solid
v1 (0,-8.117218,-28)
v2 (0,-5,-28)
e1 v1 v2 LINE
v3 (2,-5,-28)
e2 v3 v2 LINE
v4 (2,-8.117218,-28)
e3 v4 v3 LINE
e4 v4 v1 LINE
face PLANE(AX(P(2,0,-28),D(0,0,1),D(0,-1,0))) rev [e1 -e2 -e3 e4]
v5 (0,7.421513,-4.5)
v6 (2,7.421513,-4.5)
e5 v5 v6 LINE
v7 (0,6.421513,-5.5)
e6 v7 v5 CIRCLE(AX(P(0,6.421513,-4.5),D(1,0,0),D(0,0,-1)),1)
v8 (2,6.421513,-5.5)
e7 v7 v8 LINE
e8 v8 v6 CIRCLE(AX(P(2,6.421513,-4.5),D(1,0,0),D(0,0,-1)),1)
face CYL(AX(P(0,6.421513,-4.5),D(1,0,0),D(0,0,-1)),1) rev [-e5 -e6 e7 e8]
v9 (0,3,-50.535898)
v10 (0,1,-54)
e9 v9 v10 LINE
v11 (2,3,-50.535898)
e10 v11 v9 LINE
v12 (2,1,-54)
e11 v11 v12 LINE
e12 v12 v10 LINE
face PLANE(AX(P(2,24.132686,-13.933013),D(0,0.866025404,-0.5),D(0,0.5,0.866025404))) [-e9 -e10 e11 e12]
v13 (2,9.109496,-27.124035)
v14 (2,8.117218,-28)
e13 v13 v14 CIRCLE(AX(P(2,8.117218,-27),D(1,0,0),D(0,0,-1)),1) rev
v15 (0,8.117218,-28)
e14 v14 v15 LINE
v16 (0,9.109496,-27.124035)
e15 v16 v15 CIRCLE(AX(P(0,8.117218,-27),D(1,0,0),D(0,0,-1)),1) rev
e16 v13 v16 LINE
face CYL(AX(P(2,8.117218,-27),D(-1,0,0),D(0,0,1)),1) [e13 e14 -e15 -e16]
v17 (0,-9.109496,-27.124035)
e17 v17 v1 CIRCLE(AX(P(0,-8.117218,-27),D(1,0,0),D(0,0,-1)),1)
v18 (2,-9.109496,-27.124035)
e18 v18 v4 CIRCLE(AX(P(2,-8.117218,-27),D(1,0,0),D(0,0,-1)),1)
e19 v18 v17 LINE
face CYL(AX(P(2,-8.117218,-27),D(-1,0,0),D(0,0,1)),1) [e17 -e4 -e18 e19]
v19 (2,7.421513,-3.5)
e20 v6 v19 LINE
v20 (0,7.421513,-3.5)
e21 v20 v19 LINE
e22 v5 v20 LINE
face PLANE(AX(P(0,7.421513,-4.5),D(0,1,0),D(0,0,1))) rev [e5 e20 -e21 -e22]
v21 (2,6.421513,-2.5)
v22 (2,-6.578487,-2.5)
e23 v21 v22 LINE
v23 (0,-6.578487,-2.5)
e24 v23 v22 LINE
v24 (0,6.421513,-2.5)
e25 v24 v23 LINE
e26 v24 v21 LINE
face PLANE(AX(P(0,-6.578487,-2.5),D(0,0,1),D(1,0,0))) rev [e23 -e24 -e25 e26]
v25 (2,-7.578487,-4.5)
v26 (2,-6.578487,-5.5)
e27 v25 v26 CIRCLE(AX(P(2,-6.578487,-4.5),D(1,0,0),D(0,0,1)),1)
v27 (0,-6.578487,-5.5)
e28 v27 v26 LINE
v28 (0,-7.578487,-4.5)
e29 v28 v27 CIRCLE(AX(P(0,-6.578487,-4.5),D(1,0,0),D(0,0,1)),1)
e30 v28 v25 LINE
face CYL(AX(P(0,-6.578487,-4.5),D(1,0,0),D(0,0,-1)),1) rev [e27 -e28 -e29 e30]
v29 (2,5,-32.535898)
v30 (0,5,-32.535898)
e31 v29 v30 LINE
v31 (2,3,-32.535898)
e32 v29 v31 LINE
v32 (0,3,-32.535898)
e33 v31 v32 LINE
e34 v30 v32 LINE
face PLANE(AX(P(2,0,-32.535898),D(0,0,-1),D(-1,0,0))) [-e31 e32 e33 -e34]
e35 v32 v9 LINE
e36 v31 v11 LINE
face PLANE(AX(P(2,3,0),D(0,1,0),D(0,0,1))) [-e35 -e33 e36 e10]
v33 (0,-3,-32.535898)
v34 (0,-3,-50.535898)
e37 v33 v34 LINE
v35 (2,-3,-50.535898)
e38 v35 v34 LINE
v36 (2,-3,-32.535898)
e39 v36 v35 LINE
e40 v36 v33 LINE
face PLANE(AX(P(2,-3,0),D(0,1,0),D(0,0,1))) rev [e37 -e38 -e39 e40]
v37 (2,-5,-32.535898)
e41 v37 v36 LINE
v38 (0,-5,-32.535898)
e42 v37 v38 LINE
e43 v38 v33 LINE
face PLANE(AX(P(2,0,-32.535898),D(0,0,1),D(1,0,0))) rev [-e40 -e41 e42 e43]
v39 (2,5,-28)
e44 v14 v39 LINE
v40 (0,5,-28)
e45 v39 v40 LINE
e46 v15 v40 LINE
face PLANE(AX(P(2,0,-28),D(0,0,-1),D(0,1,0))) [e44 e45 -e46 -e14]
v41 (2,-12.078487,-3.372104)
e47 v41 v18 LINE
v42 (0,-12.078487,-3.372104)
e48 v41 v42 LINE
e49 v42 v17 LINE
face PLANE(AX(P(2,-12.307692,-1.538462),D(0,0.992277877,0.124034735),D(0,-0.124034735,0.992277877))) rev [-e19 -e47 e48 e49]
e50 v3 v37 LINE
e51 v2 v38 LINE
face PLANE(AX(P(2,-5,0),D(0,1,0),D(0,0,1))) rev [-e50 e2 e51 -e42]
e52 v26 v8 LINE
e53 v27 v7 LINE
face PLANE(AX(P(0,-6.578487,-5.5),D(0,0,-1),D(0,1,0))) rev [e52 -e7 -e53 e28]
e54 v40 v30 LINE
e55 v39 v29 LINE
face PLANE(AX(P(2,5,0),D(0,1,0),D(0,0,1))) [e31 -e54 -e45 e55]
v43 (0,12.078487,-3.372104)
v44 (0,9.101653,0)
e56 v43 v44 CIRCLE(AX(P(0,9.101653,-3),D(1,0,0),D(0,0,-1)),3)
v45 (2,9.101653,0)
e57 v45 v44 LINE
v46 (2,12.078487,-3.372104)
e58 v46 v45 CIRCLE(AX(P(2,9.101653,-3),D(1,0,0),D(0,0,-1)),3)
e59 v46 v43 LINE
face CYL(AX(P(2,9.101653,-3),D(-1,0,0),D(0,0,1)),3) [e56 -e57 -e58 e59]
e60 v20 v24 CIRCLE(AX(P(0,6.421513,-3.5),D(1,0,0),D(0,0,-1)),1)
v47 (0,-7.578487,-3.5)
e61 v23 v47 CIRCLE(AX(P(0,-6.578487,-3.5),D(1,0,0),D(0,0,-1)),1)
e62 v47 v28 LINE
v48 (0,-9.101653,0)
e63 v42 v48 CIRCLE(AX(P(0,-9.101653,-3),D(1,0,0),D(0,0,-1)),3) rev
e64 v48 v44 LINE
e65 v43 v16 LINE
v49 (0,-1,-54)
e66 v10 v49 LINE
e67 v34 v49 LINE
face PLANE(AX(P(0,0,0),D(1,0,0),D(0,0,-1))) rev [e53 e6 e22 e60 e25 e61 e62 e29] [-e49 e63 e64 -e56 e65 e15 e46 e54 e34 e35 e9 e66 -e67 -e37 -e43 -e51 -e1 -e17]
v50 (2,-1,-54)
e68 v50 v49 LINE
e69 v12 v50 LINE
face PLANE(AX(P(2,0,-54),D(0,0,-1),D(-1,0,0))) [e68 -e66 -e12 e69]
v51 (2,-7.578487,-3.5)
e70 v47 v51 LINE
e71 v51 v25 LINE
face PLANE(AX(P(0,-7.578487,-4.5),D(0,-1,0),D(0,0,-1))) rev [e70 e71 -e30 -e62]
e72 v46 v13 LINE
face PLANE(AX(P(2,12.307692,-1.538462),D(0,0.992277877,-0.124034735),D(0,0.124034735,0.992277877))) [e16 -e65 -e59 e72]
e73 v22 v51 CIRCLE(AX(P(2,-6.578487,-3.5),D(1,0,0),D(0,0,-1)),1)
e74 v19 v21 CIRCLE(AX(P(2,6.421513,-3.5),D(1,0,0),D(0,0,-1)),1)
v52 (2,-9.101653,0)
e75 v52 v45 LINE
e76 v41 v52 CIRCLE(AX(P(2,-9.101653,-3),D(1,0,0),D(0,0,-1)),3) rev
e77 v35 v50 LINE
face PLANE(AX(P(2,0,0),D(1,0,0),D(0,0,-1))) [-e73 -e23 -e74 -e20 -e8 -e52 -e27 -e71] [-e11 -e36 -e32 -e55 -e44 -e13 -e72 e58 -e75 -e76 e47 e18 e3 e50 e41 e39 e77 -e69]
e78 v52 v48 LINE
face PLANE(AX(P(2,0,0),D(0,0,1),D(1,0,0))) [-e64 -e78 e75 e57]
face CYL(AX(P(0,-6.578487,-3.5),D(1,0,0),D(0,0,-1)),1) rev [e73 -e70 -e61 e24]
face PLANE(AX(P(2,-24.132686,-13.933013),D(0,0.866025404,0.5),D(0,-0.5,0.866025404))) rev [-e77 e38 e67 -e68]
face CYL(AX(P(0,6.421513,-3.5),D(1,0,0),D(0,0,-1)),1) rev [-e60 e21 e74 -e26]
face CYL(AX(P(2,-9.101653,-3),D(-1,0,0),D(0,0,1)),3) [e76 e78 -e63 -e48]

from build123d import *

# Parameters (mm, degrees)
BOSS_EXTRUDE1_DEPTH = 2
CUT_EXTRUDE1_DEPTH  = 56.375536238


with BuildPart() as part:
    # Sketch1 → Boss-Extrude1 (new body)
    with BuildSketch(Plane(origin=(0, 0, 0), x_dir=(0, 0, -1), z_dir=(1, 0, 0))):
        with BuildLine():
            Line((0, 9.101653344), (0, 0))
            Line((0, 0), (54, 0))
            Line((54, 0), (54, 1))
            Line((54, 1), (50.535898385, 3))
            Line((50.535898385, 3), (32.535898385, 3))
            Line((32.535898385, 3), (32.535898385, 5))
            Line((32.535898385, 5), (28, 5))
            Line((28, 5), (28, 8.117217781))
            ThreePointArc((28, 8.117217781), (27.749678176, 8.779020345), (27.124034735, 9.109495658))
            Line((27.124034735, 9.109495658), (3.372104204, 12.078486975))
            ThreePointArc((3.372104204, 12.078486975), (1.01459231, 11.350687872), (0, 9.101653344))
        make_face()
        with BuildLine():
            Line((0, 0), (0, -9.101653344))
            ThreePointArc((0, -9.101653344), (1.01459231, -11.350687872), (3.372104204, -12.078486975))
            Line((3.372104204, -12.078486975), (27.124034735, -9.109495658))
            ThreePointArc((27.124034735, -9.109495658), (27.749678176, -8.779020345), (28, -8.117217781))
            Line((28, -8.117217781), (28, -5))
            Line((28, -5), (32.535898385, -5))
            Line((32.535898385, -5), (32.535898385, -3))
            Line((32.535898385, -3), (50.535898385, -3))
            Line((50.535898385, -3), (54, -1))
            Line((54, -1), (54, 0))
            Line((54, 0), (0, 0))
        make_face()
    extrude(amount=BOSS_EXTRUDE1_DEPTH)

    # Sketch2 → Cut-Extrude1 (cut, through all)
    with BuildSketch(Plane(origin=(2, 0, 0), x_dir=(0, 0, -1), z_dir=(1, 0, 0))):
        with BuildLine():
            Line((4.5, -7.578486975), (3.5, -7.578486975))
            ThreePointArc((3.5, -7.578486975), (2.792893219, -7.285593756), (2.5, -6.578486975))
            Line((2.5, -6.578486975), (2.5, 6.421513025))
            ThreePointArc((2.5, 6.421513025), (2.792893219, 7.128619807), (3.5, 7.421513025))
            Line((3.5, 7.421513025), (4.5, 7.421513025))
            ThreePointArc((4.5, 7.421513025), (5.207106781, 7.128619807), (5.5, 6.421513025))
            Line((5.5, 6.421513025), (5.5, -6.578486975))
            ThreePointArc((5.5, -6.578486975), (5.207106781, -7.285593756), (4.5, -7.578486975))
        make_face()
    extrude(amount=-CUT_EXTRUDE1_DEPTH, mode=Mode.SUBTRACT)


solid = part.part
